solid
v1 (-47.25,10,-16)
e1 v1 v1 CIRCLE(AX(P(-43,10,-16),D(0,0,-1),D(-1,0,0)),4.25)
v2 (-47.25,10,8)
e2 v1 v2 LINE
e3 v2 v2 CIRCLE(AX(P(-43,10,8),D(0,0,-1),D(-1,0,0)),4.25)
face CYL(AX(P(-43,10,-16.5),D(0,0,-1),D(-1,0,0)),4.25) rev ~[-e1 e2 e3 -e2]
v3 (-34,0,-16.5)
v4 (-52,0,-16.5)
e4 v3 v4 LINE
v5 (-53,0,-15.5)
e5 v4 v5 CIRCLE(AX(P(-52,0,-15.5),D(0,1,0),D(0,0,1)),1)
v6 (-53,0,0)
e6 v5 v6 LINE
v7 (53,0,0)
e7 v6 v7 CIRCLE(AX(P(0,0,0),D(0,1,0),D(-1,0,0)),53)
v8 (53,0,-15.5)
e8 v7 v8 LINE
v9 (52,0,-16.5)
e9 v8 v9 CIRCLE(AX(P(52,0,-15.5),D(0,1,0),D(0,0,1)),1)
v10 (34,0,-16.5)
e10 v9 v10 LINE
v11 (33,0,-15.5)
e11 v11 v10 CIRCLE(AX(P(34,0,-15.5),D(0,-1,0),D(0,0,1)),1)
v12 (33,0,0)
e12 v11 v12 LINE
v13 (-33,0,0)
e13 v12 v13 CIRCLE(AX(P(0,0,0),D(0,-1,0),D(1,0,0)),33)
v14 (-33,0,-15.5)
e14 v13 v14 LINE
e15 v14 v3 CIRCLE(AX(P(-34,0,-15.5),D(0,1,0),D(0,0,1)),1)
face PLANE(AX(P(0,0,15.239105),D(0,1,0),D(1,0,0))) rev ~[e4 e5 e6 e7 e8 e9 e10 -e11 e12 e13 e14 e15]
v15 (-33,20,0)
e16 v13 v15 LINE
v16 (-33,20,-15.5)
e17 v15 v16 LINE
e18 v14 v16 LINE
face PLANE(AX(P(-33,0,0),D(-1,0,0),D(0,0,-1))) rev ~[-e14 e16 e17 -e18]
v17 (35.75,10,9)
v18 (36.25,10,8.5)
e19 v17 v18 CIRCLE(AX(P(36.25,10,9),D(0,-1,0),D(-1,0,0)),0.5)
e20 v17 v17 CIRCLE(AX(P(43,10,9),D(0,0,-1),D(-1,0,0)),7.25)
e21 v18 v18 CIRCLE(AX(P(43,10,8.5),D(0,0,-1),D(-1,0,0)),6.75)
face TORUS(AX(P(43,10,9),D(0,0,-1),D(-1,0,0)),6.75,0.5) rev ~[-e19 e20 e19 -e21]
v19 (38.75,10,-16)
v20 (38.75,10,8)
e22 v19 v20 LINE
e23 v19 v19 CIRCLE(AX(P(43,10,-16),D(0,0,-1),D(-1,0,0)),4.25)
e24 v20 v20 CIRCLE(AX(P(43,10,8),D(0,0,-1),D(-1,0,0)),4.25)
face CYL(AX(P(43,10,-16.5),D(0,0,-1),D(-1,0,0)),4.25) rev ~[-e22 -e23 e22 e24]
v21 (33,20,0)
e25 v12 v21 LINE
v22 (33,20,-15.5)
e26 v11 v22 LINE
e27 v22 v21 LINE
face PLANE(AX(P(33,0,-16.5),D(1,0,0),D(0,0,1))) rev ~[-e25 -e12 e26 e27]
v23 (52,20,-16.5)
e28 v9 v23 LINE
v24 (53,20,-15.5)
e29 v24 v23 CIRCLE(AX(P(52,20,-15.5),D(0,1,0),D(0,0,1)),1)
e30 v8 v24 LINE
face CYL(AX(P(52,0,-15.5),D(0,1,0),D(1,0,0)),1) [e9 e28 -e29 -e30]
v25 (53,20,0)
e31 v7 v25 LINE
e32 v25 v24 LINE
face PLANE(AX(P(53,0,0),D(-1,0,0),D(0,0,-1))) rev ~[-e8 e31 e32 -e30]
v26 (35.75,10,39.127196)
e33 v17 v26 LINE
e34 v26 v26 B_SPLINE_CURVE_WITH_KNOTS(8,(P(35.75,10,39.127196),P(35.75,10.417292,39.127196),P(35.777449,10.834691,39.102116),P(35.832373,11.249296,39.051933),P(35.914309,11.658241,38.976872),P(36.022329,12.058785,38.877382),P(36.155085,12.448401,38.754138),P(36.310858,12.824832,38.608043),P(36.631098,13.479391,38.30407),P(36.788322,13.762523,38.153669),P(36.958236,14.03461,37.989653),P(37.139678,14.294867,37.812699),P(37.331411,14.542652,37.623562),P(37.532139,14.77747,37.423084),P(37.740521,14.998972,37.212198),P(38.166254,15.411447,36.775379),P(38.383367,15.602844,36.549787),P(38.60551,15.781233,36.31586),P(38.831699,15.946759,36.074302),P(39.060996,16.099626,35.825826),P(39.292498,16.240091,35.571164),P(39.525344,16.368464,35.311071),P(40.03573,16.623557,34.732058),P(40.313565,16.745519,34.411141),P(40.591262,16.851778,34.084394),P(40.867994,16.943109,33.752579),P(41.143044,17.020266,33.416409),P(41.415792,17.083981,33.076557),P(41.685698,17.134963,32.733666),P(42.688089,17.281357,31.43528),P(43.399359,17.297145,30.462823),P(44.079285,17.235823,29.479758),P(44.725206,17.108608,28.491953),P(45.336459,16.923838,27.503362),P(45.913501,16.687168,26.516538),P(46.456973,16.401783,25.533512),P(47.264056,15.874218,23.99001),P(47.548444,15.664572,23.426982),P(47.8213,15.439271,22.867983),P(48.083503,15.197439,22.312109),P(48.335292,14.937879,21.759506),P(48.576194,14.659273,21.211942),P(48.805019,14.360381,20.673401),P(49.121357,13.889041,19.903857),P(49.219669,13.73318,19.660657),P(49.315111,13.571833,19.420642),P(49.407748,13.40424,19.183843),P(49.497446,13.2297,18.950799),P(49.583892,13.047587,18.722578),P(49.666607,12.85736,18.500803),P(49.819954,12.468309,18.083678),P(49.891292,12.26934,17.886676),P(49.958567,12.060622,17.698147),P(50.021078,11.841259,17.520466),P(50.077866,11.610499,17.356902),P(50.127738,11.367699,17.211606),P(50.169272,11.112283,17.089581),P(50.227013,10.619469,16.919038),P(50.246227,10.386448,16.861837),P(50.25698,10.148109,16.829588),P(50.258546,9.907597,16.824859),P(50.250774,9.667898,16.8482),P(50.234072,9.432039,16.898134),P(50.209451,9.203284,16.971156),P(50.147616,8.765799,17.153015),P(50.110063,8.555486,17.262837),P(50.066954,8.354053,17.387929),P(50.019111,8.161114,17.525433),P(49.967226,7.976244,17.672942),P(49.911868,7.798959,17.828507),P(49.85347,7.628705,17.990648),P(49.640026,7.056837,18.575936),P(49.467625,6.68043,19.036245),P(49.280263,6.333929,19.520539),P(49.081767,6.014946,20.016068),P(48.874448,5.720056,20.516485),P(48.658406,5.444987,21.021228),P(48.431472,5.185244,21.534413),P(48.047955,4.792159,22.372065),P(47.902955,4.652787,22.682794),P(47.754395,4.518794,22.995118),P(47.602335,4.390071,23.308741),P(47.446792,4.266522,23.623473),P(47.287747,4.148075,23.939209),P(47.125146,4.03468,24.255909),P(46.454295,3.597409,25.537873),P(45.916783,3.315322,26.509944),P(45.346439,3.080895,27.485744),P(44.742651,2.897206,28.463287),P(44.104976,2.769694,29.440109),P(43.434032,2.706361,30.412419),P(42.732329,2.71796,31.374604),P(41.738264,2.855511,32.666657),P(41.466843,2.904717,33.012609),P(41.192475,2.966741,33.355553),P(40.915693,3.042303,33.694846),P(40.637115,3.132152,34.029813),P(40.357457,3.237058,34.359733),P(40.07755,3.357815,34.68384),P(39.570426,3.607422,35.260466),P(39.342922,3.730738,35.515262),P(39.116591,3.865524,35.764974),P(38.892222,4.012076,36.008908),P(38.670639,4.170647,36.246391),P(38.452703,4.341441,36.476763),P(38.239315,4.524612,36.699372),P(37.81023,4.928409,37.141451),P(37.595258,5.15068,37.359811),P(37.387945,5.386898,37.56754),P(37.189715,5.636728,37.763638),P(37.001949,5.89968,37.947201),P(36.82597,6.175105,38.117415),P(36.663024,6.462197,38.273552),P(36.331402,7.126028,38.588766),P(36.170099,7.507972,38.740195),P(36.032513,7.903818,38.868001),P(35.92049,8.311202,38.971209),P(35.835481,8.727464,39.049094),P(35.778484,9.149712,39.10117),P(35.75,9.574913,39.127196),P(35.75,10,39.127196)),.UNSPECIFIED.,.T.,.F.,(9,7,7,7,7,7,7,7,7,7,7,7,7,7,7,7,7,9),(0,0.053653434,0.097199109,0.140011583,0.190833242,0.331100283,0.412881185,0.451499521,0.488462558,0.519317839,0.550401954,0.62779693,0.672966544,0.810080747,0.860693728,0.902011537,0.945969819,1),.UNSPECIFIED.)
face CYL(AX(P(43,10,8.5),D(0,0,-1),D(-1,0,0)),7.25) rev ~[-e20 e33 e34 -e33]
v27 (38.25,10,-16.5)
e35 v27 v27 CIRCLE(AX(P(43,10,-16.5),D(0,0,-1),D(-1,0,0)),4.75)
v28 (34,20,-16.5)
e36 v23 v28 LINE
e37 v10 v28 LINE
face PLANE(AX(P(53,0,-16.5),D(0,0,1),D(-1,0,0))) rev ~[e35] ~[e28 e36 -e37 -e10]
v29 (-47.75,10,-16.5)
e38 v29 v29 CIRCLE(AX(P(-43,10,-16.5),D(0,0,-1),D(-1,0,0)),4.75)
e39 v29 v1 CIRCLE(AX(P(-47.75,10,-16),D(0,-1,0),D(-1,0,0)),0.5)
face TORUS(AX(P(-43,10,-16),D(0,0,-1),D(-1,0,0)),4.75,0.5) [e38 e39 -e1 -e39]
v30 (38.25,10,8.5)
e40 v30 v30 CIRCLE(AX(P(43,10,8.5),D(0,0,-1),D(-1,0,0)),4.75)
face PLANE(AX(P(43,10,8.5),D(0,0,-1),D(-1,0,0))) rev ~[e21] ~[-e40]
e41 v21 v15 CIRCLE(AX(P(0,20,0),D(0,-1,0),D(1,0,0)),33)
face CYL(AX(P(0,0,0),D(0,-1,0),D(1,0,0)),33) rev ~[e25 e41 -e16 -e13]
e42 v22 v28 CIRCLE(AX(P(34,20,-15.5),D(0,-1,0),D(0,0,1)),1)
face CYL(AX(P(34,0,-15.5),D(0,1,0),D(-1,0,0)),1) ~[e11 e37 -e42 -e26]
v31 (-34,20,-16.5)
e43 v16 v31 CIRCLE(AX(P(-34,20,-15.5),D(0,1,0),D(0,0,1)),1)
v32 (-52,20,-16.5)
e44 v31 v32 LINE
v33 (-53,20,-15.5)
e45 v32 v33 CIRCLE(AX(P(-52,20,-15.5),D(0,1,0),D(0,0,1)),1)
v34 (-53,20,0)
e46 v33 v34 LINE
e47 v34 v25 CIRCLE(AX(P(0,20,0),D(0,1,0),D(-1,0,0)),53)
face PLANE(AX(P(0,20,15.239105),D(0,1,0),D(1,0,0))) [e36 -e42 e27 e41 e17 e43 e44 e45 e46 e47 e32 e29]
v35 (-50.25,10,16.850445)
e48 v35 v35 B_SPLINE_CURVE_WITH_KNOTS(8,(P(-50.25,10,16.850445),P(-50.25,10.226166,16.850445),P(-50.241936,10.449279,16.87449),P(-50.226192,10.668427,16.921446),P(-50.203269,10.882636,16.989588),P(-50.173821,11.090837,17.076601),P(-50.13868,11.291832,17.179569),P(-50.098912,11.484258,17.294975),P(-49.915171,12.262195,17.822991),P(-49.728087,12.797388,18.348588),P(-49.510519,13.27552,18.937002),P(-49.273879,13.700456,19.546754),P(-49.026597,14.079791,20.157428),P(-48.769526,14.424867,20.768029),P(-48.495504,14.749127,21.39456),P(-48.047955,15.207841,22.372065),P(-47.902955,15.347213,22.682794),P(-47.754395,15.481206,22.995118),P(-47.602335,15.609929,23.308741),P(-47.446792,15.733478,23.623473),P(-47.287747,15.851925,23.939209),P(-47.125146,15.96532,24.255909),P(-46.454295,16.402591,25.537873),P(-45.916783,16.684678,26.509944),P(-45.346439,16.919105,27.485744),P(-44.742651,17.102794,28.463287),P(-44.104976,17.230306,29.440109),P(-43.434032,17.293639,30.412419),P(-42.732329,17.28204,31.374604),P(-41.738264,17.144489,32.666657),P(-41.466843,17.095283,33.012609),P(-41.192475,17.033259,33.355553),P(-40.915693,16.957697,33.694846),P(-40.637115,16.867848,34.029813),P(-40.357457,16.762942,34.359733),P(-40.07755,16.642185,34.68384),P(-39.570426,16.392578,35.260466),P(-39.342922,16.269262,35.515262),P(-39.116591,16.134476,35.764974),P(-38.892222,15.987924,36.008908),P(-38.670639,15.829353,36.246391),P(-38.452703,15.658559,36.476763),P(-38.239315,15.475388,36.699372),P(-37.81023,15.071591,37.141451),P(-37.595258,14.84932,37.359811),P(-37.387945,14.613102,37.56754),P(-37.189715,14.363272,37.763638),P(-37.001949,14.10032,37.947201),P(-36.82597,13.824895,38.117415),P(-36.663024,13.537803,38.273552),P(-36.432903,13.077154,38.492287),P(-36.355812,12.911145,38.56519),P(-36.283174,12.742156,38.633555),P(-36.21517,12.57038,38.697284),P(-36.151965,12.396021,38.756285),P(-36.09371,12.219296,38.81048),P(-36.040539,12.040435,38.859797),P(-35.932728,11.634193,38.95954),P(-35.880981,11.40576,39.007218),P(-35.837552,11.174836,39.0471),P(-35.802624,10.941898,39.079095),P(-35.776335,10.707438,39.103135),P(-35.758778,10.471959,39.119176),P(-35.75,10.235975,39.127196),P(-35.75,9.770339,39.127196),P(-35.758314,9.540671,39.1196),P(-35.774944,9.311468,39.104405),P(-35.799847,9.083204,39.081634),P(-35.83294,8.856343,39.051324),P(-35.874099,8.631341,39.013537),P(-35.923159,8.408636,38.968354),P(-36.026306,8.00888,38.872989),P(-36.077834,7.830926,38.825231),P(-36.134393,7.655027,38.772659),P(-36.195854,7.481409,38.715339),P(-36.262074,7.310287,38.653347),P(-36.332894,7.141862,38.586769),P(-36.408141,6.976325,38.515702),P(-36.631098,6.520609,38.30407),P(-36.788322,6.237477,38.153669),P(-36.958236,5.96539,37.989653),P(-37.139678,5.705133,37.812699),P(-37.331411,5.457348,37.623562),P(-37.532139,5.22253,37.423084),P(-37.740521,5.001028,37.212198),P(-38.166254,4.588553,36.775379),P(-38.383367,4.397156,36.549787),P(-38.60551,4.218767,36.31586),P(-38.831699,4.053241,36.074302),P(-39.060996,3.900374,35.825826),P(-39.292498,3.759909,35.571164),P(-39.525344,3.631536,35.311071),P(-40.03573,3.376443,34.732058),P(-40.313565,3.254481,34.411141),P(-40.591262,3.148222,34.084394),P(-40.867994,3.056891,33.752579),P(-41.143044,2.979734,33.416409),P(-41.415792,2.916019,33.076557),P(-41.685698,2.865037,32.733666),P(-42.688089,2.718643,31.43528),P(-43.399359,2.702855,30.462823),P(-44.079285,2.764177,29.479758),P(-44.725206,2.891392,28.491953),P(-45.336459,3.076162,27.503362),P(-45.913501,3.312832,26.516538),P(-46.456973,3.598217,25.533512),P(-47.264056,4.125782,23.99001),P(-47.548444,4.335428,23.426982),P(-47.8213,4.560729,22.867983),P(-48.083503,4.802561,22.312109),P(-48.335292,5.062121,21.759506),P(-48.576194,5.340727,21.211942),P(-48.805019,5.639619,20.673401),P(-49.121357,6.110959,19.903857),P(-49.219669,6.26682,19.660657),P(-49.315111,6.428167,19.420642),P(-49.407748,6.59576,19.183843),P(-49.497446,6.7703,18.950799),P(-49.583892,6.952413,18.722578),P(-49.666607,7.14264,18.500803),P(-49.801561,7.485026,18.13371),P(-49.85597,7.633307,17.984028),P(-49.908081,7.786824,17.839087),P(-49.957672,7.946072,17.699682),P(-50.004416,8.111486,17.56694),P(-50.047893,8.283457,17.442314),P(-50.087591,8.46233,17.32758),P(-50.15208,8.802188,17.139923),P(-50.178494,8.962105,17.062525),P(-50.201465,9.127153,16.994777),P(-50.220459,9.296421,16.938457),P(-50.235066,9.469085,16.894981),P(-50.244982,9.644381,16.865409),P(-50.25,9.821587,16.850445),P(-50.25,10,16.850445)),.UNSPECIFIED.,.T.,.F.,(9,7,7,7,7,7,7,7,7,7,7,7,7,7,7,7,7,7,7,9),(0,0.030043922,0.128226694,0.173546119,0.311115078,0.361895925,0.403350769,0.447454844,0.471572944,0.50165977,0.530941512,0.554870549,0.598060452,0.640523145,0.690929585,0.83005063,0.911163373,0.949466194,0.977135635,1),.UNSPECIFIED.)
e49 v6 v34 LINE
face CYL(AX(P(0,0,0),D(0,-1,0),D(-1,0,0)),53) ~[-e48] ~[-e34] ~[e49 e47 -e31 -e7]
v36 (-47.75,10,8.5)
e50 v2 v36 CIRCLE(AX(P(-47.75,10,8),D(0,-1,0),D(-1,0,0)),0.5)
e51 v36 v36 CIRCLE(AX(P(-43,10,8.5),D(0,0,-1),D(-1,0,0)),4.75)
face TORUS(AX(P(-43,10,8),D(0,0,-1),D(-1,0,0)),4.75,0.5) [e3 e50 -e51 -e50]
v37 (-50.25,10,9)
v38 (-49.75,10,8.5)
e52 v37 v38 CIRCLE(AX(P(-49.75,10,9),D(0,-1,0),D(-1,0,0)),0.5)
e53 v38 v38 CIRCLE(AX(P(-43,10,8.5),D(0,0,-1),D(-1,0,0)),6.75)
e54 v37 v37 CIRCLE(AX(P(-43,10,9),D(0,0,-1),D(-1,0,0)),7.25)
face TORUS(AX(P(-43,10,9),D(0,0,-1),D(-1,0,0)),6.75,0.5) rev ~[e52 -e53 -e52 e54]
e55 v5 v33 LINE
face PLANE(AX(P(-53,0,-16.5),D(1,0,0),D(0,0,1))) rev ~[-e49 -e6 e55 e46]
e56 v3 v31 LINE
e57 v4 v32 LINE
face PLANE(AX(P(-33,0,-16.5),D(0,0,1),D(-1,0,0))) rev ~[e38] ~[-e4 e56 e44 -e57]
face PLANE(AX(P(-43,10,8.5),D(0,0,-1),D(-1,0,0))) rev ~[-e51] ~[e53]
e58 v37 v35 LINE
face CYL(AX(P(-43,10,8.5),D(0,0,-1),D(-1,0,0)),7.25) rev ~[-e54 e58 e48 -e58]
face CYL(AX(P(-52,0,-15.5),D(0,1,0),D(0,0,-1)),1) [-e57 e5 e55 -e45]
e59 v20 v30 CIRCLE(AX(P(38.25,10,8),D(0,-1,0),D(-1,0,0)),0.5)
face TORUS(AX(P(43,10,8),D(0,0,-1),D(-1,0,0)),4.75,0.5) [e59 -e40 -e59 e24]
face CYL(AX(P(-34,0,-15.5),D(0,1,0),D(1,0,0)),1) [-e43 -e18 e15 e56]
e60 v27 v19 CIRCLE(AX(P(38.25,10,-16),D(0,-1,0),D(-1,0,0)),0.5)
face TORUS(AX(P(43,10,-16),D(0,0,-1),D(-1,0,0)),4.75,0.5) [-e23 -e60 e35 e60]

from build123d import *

# Parameters (mm, degrees)
BOSS_EXTRUDE1_DEPTH = 20
SKETCH2_R           = 4.25
CUT_EXTRUDE1_DEPTH  = 60
CUT_EXTRUDE2_START  = -25
SKETCH3_R           = 7.25
CUT_EXTRUDE2_DEPTH  = 50
FILLET1_R           = 1
FILLET2_R           = 0.5


with BuildPart() as part:
    # Sketch1 → Boss-Extrude1 (new body)
    with BuildSketch(Plane(origin=(0, 0, 0), x_dir=(1, 0, 0), z_dir=(0, 1, 0))):
        with BuildLine():
            Line((-33, 0), (-33, 16.5))
            Line((-33, 16.5), (-53, 16.5))
            Line((-53, 16.5), (-53, 0))
            ThreePointArc((-53, 0), (0, -53), (53, 0))
            Line((53, 0), (53, 16.5))
            Line((53, 16.5), (33, 16.5))
            Line((33, 16.5), (33, 0))
            ThreePointArc((33, 0), (0, -33), (-33, 0))
        make_face()
    extrude(amount=BOSS_EXTRUDE1_DEPTH)

    # Sketch2 → Cut-Extrude1 (cut)
    with BuildSketch(Plane(origin=(0, 0, -16.5), x_dir=(-1, 0, 0), z_dir=(0, 0, -1))):
        with Locations((-43, 10)):
            Circle(SKETCH2_R)
        with Locations((43, 10)):
            Circle(SKETCH2_R)
    extrude(amount=-CUT_EXTRUDE1_DEPTH, mode=Mode.SUBTRACT)

    # Sketch3 → Cut-Extrude2 (cut)
    with BuildSketch(Plane(origin=(0, 0, -16.5), x_dir=(-1, 0, 0), z_dir=(0, 0, -1)).offset(CUT_EXTRUDE2_START)):
        with Locations((-43, 10)):
            Circle(SKETCH3_R)
        with Locations((43, 10)):
            Circle(SKETCH3_R)
    extrude(amount=-CUT_EXTRUDE2_DEPTH, mode=Mode.SUBTRACT)

    # Fillet1
    fillet1_edges = [part.edges().sort_by_distance(p)[0] for p in [
        (33, 10, -16.5),
        (53, 10, -16.5),
        (-53, 10, -16.5),
        (-33, 10, -16.5),
    ]]
    fillet(fillet1_edges, radius=FILLET1_R)

    # Fillet2
    fillet2_edges = [part.edges().sort_by_distance(p)[0] for p in [
        (47.25, 10, -16.5),
        (-38.75, 10, -16.5),
        (50.25, 10, 8.5),
        (47.25, 10, 8.5),
        (-35.75, 10, 8.5),
        (-38.75, 10, 8.5),
    ]]
    fillet(fillet2_edges, radius=FILLET2_R)


solid = part.part
